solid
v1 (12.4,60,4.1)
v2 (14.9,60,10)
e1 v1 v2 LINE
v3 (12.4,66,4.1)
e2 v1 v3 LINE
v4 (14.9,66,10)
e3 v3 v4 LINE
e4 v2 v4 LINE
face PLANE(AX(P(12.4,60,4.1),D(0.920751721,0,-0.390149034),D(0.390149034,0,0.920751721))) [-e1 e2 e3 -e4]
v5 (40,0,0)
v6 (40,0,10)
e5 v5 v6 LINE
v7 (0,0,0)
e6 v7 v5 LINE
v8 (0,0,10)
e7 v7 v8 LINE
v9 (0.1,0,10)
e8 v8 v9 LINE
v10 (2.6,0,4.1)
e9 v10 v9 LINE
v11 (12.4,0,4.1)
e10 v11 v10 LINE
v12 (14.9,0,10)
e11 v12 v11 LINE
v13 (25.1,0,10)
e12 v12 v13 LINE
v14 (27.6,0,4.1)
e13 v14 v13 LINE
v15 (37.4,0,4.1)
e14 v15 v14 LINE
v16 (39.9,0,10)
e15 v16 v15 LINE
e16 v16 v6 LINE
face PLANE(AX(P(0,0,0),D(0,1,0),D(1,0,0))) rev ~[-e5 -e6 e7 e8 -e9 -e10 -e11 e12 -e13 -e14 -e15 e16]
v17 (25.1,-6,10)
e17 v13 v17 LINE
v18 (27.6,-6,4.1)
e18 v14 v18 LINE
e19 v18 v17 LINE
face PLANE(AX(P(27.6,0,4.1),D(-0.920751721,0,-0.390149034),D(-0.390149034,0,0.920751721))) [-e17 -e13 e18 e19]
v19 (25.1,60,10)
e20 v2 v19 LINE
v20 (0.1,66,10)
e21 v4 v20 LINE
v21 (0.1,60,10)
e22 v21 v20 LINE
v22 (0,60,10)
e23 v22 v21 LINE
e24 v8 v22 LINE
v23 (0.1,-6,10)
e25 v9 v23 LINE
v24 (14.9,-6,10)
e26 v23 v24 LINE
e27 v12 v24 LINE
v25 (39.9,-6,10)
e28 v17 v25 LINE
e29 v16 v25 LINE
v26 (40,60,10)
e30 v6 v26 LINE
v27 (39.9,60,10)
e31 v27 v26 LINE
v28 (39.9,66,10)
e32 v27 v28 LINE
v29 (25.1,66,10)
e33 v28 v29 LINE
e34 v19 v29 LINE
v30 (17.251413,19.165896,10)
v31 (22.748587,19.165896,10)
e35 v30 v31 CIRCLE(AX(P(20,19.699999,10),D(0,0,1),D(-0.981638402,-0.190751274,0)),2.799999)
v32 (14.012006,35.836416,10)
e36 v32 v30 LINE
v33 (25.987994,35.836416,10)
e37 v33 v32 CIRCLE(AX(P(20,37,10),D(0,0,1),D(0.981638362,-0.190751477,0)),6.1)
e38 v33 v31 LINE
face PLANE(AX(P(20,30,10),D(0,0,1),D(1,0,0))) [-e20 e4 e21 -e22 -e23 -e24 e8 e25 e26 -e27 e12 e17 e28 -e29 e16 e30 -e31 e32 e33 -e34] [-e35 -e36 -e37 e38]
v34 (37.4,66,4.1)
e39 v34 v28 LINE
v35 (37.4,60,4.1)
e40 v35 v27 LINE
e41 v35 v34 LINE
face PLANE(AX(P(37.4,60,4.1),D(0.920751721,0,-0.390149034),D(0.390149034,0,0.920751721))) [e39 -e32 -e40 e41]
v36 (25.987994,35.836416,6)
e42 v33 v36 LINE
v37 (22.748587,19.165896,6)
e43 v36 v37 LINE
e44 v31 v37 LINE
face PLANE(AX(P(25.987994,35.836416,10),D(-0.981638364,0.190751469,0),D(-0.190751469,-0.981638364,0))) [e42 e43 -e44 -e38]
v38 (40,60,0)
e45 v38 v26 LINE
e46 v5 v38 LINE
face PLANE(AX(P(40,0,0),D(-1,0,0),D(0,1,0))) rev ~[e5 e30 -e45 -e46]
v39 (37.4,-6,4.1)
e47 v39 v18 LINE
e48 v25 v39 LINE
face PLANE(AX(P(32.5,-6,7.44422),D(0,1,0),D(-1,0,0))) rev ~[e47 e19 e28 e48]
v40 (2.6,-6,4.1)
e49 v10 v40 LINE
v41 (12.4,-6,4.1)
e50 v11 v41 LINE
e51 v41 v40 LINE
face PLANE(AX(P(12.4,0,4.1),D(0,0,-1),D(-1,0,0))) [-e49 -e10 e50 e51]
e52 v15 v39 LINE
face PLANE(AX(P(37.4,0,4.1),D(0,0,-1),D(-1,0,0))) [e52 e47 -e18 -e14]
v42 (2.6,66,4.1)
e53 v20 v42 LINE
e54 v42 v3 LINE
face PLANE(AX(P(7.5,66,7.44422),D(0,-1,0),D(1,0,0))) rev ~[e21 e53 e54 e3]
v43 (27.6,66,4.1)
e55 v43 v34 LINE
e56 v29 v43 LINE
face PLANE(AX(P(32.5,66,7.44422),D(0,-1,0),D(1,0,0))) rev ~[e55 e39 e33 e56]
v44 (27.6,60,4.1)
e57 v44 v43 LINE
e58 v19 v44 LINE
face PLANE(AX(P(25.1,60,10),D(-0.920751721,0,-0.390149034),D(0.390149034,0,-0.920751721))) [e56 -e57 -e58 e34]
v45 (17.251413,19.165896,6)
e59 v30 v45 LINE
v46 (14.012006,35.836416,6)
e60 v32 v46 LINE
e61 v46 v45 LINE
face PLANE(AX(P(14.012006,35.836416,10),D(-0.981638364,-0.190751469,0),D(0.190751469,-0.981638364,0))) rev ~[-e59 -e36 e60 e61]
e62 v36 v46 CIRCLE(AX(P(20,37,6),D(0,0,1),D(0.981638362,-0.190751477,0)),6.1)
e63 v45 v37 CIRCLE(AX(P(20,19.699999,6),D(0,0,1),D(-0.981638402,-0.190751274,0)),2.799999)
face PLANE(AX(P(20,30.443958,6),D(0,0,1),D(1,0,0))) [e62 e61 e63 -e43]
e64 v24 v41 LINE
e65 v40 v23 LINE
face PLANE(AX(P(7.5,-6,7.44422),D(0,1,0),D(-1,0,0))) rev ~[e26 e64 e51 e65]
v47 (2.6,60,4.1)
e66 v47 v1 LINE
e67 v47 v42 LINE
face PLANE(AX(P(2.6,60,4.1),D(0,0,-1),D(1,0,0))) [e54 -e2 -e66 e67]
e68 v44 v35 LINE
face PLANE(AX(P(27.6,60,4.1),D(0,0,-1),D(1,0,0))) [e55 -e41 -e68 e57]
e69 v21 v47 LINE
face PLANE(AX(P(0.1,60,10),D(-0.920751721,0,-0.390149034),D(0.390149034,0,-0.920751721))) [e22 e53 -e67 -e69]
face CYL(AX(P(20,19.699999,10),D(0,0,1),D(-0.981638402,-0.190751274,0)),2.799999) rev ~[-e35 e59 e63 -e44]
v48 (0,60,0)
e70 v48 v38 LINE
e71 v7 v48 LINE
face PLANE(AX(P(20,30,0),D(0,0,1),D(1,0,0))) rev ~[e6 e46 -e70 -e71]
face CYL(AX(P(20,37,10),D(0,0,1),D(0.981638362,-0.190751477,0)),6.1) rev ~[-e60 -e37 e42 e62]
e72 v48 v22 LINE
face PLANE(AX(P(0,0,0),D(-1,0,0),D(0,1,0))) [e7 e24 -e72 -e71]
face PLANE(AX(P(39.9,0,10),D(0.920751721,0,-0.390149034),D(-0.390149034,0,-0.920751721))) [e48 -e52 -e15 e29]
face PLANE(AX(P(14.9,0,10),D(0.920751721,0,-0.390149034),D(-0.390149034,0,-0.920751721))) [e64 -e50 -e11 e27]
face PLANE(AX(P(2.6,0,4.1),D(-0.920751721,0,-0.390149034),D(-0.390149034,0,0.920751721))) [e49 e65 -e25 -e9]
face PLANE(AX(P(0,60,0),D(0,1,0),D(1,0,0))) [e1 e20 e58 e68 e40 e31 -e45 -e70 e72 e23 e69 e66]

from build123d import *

# Parameters (mm, degrees)
SKETCH_W     = 40
SKETCH_H     = 60
PAD_DEPTH    = 10
PAD001_DEPTH = 6
PAD002_DEPTH = 6
POCKET_DEPTH = 4


with BuildPart() as part:
    # Sketch → Pad (new body)
    with BuildSketch(Plane.XY):
        with Locations((20, 30)):
            Rectangle(SKETCH_W, SKETCH_H)
    extrude(amount=PAD_DEPTH)

    # Sketch001 (on Face3 of Pad) → Pad001 (join)
    with BuildSketch(Plane.XZ):
        Polygon((0.1, 10), (14.9, 10), (12.4, 4.1), (2.6, 4.1), align=None)
        Polygon((25.1, 10), (39.9, 10), (37.4, 4.1), (27.6, 4.1), align=None)
    extrude(amount=PAD001_DEPTH)

    # Sketch002 (on Face1 of Pad001) → Pad002 (join)
    with BuildSketch(Plane(origin=(0, 60, 0), x_dir=(-1, 0, 0), z_dir=(0, 1, 0))):
        Polygon((-39.9, 10), (-25.1, 10), (-27.6, 4.1), (-37.4, 4.1), align=None)
        Polygon((-14.9, 10), (-0.1, 10), (-2.6, 4.1), (-12.4, 4.1), align=None)
    extrude(amount=PAD002_DEPTH)

    # Sketch003 (on Face4 of Pad002) → Pocket (cut)
    with BuildSketch(Plane.XY.offset(10)):
        with BuildLine():
            ThreePointArc((25.987994, 35.836416), (20, 43.1), (14.012006, 35.836416))
            Line((14.012006, 35.836416), (17.251413, 19.165896))
            ThreePointArc((17.251413, 19.165896), (20, 16.9), (22.748587, 19.165896))
            Line((25.987994, 35.836416), (22.748587, 19.165896))
        make_face()
    extrude(amount=-POCKET_DEPTH, mode=Mode.SUBTRACT)


solid = part.part
